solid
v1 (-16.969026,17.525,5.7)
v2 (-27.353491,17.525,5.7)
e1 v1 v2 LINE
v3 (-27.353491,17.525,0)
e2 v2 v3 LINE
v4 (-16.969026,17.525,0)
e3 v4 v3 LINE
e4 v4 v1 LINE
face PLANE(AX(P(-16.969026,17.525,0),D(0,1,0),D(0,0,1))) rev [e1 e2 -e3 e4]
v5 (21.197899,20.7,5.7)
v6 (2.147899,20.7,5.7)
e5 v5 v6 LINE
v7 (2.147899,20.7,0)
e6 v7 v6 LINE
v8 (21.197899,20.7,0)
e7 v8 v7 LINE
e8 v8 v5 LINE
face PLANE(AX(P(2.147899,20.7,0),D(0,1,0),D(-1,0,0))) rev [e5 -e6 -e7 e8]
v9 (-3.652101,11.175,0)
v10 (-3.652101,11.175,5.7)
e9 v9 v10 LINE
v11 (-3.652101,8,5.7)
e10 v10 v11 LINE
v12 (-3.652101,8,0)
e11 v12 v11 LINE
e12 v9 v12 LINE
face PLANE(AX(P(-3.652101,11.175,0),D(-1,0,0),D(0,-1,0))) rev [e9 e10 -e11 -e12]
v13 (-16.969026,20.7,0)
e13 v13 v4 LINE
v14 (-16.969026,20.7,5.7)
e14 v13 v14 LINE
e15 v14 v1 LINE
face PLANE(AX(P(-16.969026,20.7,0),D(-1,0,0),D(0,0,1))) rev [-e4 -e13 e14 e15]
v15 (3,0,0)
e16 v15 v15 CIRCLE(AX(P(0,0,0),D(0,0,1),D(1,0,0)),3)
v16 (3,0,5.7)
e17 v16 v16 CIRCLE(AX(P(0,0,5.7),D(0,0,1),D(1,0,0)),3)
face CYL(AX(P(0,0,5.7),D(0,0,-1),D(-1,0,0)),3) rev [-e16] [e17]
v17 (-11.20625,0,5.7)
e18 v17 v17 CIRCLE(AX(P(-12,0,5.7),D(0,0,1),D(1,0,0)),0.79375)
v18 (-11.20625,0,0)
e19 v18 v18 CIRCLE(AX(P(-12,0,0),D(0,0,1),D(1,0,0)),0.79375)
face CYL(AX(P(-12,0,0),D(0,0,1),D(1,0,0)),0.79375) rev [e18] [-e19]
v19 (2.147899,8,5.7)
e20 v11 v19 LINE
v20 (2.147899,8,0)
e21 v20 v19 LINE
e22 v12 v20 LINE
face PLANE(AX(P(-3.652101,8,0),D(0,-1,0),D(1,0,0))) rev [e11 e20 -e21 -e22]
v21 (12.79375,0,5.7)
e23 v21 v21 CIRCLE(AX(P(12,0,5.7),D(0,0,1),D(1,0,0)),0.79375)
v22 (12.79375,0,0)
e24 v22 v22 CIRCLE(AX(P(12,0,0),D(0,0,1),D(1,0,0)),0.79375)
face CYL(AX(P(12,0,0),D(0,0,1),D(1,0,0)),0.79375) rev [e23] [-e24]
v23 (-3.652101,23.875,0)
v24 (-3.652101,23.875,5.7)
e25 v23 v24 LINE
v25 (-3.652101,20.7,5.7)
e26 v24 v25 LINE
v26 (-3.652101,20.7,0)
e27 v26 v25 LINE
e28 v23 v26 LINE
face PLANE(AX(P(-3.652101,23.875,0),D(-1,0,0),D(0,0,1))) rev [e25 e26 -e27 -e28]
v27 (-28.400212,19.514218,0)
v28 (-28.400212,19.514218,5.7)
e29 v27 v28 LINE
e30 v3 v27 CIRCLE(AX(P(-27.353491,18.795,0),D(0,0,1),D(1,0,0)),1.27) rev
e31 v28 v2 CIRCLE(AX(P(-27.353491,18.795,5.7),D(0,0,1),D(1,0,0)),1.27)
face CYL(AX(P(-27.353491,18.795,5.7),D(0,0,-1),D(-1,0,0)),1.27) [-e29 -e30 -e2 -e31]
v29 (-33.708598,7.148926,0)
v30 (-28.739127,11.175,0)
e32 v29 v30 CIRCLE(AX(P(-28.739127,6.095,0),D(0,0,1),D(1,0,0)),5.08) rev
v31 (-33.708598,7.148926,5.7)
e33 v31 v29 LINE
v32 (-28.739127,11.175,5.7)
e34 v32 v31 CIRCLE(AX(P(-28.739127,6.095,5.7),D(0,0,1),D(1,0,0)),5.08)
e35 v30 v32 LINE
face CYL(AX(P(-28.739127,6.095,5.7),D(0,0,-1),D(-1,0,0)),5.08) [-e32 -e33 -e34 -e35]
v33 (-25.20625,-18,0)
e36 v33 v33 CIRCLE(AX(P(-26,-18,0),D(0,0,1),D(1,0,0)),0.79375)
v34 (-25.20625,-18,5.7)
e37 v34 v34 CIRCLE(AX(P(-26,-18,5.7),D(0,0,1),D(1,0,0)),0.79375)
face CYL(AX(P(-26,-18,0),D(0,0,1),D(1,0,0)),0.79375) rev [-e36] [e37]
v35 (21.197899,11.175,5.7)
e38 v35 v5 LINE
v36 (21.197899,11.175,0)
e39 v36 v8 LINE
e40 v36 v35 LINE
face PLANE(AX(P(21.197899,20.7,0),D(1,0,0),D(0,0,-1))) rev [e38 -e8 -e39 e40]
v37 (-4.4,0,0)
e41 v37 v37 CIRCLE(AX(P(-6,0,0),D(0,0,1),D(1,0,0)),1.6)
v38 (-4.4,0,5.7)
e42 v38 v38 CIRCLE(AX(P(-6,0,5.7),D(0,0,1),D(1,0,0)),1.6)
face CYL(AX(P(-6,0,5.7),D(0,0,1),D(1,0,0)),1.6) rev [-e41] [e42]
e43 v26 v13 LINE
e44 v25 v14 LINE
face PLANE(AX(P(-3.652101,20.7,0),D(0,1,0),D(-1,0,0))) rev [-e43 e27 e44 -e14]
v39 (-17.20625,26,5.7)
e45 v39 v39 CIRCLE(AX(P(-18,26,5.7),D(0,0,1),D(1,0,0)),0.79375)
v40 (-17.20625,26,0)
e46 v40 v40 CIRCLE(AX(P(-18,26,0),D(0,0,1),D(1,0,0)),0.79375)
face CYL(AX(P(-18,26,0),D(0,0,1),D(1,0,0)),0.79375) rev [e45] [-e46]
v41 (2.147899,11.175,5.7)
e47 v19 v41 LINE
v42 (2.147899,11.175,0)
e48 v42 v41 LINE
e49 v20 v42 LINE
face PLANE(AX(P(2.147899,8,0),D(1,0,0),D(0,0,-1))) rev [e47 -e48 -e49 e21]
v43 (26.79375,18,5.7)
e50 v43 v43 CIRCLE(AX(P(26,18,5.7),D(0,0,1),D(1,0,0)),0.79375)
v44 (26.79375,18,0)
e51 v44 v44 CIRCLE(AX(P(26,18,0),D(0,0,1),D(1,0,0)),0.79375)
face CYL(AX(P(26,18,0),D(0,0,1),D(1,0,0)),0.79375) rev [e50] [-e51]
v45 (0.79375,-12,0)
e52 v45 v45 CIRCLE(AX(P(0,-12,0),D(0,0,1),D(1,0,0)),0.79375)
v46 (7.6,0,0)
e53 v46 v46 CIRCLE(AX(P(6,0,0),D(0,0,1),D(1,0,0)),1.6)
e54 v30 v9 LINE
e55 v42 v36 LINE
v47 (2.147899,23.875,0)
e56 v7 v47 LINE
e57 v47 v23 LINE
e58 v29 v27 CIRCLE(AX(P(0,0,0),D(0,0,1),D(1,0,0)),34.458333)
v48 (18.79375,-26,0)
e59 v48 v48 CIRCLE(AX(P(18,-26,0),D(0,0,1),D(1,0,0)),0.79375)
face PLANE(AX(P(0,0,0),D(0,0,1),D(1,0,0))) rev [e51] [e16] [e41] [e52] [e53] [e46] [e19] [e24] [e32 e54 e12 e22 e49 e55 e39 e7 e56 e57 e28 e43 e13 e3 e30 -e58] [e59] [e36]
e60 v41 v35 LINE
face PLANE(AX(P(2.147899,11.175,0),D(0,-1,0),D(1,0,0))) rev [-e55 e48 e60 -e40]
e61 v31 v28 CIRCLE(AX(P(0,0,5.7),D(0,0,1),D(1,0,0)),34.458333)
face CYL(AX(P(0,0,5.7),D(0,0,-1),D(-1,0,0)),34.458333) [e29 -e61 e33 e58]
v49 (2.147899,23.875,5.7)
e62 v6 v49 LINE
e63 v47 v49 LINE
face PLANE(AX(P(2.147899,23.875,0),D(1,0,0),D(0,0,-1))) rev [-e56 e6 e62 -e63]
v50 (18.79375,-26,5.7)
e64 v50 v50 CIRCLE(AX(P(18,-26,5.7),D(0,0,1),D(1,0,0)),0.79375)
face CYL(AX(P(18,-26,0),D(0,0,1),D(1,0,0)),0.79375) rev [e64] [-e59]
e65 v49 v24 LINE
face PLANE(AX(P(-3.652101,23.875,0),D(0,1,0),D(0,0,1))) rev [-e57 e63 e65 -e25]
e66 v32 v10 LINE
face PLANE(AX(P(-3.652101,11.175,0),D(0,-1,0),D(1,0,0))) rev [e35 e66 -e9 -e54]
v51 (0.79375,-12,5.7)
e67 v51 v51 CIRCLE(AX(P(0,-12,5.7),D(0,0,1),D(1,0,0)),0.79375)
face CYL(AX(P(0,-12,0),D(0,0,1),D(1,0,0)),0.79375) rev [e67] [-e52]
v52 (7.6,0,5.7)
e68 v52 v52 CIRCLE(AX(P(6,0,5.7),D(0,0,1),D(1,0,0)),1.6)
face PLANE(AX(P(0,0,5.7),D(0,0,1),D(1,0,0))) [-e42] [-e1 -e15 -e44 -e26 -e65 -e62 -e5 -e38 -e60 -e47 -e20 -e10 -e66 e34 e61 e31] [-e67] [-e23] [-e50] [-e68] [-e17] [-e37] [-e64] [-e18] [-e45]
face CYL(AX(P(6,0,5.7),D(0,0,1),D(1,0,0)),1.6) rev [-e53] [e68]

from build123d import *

# Parameters (mm, degrees)
SKETCH1_R                = 34.458333333
SKETCH1_R_2              = 3
BOSS_EXTRUDE1_DEPTH      = 5.7
CUT_EXTRUDE2_DEPTH       = 50.063667537
FILLET1_R                = 5.08
FILLET2_R                = 1.27
SKETCH2_R                = 0.79375
CUT_EXTRUDE1_DEPTH       = 50.063667537
M3_CLEARANCE_HOLE2_D     = 3.2
M3_CLEARANCE_HOLE2_DEPTH = 12.7
M3_CLEARANCE_HOLE2_TIP   = 0.96137699


with BuildPart() as part:
    # Sketch1 → Boss-Extrude1 (new body)
    with BuildSketch(Plane.XY):
        Circle(SKETCH1_R)
        Circle(SKETCH1_R_2, mode=Mode.SUBTRACT)
    extrude(amount=BOSS_EXTRUDE1_DEPTH)

    # Sketch3 → Cut-Extrude2 (cut, through all)
    with BuildSketch(Plane.XY.offset(5.7)):
        with BuildLine():
            Line((-3.652101058, 11.175), (-32.595952373, 11.175))
            ThreePointArc((-32.595952373, 11.175), (-31.293969256, 14.424431508), (-29.669026123, 17.525))
            Line((-29.669026123, 17.525), (-16.969026123, 17.525))
            Line((-16.969026123, 17.525), (-16.969026123, 20.7))
            Line((-16.969026123, 20.7), (-3.652101058, 20.7))
            Line((-3.652101058, 20.7), (-3.652101058, 23.875))
            Line((-3.652101058, 23.875), (2.147898942, 23.875))
            Line((2.147898942, 23.875), (2.147898942, 20.7))
            Line((2.147898942, 20.7), (21.197898942, 20.7))
            Line((21.197898942, 20.7), (21.197898942, 11.175))
            Line((21.197898942, 11.175), (2.147898942, 11.175))
            Line((2.147898942, 11.175), (2.147898942, 8))
            Line((2.147898942, 8), (-3.652101058, 8))
            Line((-3.652101058, 8), (-3.652101058, 11.175))
        make_face()
    extrude(amount=-CUT_EXTRUDE2_DEPTH, mode=Mode.SUBTRACT)

    # Fillet1
    fillet1_edges = [part.edges().sort_by_distance(p)[0] for p in [
        (-32.595952373, 11.175, 2.85),
    ]]
    fillet(fillet1_edges, radius=FILLET1_R)

    # Fillet2
    fillet2_edges = [part.edges().sort_by_distance(p)[0] for p in [
        (-29.669026123, 17.525, 2.85),
    ]]
    fillet(fillet2_edges, radius=FILLET2_R)

    # Sketch2 → Cut-Extrude1 (cut, through all)
    with BuildSketch(Plane.XY.offset(5.7)):
        with Locations((0, 12)):
            Circle(SKETCH2_R)
        with Locations((12, 0)):
            Circle(SKETCH2_R)
        with Locations((0, -12)):
            Circle(SKETCH2_R)
        with Locations((-12, 0)):
            Circle(SKETCH2_R)
        with Locations((-18, 26)):
            Circle(SKETCH2_R)
        with Locations((26, 18)):
            Circle(SKETCH2_R)
        with Locations((18, -26)):
            Circle(SKETCH2_R)
        with Locations((-26, -18)):
            Circle(SKETCH2_R)
    extrude(amount=-CUT_EXTRUDE1_DEPTH, mode=Mode.SUBTRACT)

    # M3 Clearance Hole2
    with Locations(Plane.XY.offset(5.7)):
        with Locations((-6, 0), (6, 0)):
            Hole(M3_CLEARANCE_HOLE2_D / 2, depth=M3_CLEARANCE_HOLE2_DEPTH)
            with Locations((0, 0, -(M3_CLEARANCE_HOLE2_DEPTH + M3_CLEARANCE_HOLE2_TIP / 2))):  # 118° drill point
                Cone(0, M3_CLEARANCE_HOLE2_D / 2, M3_CLEARANCE_HOLE2_TIP, mode=Mode.SUBTRACT)


solid = part.part
